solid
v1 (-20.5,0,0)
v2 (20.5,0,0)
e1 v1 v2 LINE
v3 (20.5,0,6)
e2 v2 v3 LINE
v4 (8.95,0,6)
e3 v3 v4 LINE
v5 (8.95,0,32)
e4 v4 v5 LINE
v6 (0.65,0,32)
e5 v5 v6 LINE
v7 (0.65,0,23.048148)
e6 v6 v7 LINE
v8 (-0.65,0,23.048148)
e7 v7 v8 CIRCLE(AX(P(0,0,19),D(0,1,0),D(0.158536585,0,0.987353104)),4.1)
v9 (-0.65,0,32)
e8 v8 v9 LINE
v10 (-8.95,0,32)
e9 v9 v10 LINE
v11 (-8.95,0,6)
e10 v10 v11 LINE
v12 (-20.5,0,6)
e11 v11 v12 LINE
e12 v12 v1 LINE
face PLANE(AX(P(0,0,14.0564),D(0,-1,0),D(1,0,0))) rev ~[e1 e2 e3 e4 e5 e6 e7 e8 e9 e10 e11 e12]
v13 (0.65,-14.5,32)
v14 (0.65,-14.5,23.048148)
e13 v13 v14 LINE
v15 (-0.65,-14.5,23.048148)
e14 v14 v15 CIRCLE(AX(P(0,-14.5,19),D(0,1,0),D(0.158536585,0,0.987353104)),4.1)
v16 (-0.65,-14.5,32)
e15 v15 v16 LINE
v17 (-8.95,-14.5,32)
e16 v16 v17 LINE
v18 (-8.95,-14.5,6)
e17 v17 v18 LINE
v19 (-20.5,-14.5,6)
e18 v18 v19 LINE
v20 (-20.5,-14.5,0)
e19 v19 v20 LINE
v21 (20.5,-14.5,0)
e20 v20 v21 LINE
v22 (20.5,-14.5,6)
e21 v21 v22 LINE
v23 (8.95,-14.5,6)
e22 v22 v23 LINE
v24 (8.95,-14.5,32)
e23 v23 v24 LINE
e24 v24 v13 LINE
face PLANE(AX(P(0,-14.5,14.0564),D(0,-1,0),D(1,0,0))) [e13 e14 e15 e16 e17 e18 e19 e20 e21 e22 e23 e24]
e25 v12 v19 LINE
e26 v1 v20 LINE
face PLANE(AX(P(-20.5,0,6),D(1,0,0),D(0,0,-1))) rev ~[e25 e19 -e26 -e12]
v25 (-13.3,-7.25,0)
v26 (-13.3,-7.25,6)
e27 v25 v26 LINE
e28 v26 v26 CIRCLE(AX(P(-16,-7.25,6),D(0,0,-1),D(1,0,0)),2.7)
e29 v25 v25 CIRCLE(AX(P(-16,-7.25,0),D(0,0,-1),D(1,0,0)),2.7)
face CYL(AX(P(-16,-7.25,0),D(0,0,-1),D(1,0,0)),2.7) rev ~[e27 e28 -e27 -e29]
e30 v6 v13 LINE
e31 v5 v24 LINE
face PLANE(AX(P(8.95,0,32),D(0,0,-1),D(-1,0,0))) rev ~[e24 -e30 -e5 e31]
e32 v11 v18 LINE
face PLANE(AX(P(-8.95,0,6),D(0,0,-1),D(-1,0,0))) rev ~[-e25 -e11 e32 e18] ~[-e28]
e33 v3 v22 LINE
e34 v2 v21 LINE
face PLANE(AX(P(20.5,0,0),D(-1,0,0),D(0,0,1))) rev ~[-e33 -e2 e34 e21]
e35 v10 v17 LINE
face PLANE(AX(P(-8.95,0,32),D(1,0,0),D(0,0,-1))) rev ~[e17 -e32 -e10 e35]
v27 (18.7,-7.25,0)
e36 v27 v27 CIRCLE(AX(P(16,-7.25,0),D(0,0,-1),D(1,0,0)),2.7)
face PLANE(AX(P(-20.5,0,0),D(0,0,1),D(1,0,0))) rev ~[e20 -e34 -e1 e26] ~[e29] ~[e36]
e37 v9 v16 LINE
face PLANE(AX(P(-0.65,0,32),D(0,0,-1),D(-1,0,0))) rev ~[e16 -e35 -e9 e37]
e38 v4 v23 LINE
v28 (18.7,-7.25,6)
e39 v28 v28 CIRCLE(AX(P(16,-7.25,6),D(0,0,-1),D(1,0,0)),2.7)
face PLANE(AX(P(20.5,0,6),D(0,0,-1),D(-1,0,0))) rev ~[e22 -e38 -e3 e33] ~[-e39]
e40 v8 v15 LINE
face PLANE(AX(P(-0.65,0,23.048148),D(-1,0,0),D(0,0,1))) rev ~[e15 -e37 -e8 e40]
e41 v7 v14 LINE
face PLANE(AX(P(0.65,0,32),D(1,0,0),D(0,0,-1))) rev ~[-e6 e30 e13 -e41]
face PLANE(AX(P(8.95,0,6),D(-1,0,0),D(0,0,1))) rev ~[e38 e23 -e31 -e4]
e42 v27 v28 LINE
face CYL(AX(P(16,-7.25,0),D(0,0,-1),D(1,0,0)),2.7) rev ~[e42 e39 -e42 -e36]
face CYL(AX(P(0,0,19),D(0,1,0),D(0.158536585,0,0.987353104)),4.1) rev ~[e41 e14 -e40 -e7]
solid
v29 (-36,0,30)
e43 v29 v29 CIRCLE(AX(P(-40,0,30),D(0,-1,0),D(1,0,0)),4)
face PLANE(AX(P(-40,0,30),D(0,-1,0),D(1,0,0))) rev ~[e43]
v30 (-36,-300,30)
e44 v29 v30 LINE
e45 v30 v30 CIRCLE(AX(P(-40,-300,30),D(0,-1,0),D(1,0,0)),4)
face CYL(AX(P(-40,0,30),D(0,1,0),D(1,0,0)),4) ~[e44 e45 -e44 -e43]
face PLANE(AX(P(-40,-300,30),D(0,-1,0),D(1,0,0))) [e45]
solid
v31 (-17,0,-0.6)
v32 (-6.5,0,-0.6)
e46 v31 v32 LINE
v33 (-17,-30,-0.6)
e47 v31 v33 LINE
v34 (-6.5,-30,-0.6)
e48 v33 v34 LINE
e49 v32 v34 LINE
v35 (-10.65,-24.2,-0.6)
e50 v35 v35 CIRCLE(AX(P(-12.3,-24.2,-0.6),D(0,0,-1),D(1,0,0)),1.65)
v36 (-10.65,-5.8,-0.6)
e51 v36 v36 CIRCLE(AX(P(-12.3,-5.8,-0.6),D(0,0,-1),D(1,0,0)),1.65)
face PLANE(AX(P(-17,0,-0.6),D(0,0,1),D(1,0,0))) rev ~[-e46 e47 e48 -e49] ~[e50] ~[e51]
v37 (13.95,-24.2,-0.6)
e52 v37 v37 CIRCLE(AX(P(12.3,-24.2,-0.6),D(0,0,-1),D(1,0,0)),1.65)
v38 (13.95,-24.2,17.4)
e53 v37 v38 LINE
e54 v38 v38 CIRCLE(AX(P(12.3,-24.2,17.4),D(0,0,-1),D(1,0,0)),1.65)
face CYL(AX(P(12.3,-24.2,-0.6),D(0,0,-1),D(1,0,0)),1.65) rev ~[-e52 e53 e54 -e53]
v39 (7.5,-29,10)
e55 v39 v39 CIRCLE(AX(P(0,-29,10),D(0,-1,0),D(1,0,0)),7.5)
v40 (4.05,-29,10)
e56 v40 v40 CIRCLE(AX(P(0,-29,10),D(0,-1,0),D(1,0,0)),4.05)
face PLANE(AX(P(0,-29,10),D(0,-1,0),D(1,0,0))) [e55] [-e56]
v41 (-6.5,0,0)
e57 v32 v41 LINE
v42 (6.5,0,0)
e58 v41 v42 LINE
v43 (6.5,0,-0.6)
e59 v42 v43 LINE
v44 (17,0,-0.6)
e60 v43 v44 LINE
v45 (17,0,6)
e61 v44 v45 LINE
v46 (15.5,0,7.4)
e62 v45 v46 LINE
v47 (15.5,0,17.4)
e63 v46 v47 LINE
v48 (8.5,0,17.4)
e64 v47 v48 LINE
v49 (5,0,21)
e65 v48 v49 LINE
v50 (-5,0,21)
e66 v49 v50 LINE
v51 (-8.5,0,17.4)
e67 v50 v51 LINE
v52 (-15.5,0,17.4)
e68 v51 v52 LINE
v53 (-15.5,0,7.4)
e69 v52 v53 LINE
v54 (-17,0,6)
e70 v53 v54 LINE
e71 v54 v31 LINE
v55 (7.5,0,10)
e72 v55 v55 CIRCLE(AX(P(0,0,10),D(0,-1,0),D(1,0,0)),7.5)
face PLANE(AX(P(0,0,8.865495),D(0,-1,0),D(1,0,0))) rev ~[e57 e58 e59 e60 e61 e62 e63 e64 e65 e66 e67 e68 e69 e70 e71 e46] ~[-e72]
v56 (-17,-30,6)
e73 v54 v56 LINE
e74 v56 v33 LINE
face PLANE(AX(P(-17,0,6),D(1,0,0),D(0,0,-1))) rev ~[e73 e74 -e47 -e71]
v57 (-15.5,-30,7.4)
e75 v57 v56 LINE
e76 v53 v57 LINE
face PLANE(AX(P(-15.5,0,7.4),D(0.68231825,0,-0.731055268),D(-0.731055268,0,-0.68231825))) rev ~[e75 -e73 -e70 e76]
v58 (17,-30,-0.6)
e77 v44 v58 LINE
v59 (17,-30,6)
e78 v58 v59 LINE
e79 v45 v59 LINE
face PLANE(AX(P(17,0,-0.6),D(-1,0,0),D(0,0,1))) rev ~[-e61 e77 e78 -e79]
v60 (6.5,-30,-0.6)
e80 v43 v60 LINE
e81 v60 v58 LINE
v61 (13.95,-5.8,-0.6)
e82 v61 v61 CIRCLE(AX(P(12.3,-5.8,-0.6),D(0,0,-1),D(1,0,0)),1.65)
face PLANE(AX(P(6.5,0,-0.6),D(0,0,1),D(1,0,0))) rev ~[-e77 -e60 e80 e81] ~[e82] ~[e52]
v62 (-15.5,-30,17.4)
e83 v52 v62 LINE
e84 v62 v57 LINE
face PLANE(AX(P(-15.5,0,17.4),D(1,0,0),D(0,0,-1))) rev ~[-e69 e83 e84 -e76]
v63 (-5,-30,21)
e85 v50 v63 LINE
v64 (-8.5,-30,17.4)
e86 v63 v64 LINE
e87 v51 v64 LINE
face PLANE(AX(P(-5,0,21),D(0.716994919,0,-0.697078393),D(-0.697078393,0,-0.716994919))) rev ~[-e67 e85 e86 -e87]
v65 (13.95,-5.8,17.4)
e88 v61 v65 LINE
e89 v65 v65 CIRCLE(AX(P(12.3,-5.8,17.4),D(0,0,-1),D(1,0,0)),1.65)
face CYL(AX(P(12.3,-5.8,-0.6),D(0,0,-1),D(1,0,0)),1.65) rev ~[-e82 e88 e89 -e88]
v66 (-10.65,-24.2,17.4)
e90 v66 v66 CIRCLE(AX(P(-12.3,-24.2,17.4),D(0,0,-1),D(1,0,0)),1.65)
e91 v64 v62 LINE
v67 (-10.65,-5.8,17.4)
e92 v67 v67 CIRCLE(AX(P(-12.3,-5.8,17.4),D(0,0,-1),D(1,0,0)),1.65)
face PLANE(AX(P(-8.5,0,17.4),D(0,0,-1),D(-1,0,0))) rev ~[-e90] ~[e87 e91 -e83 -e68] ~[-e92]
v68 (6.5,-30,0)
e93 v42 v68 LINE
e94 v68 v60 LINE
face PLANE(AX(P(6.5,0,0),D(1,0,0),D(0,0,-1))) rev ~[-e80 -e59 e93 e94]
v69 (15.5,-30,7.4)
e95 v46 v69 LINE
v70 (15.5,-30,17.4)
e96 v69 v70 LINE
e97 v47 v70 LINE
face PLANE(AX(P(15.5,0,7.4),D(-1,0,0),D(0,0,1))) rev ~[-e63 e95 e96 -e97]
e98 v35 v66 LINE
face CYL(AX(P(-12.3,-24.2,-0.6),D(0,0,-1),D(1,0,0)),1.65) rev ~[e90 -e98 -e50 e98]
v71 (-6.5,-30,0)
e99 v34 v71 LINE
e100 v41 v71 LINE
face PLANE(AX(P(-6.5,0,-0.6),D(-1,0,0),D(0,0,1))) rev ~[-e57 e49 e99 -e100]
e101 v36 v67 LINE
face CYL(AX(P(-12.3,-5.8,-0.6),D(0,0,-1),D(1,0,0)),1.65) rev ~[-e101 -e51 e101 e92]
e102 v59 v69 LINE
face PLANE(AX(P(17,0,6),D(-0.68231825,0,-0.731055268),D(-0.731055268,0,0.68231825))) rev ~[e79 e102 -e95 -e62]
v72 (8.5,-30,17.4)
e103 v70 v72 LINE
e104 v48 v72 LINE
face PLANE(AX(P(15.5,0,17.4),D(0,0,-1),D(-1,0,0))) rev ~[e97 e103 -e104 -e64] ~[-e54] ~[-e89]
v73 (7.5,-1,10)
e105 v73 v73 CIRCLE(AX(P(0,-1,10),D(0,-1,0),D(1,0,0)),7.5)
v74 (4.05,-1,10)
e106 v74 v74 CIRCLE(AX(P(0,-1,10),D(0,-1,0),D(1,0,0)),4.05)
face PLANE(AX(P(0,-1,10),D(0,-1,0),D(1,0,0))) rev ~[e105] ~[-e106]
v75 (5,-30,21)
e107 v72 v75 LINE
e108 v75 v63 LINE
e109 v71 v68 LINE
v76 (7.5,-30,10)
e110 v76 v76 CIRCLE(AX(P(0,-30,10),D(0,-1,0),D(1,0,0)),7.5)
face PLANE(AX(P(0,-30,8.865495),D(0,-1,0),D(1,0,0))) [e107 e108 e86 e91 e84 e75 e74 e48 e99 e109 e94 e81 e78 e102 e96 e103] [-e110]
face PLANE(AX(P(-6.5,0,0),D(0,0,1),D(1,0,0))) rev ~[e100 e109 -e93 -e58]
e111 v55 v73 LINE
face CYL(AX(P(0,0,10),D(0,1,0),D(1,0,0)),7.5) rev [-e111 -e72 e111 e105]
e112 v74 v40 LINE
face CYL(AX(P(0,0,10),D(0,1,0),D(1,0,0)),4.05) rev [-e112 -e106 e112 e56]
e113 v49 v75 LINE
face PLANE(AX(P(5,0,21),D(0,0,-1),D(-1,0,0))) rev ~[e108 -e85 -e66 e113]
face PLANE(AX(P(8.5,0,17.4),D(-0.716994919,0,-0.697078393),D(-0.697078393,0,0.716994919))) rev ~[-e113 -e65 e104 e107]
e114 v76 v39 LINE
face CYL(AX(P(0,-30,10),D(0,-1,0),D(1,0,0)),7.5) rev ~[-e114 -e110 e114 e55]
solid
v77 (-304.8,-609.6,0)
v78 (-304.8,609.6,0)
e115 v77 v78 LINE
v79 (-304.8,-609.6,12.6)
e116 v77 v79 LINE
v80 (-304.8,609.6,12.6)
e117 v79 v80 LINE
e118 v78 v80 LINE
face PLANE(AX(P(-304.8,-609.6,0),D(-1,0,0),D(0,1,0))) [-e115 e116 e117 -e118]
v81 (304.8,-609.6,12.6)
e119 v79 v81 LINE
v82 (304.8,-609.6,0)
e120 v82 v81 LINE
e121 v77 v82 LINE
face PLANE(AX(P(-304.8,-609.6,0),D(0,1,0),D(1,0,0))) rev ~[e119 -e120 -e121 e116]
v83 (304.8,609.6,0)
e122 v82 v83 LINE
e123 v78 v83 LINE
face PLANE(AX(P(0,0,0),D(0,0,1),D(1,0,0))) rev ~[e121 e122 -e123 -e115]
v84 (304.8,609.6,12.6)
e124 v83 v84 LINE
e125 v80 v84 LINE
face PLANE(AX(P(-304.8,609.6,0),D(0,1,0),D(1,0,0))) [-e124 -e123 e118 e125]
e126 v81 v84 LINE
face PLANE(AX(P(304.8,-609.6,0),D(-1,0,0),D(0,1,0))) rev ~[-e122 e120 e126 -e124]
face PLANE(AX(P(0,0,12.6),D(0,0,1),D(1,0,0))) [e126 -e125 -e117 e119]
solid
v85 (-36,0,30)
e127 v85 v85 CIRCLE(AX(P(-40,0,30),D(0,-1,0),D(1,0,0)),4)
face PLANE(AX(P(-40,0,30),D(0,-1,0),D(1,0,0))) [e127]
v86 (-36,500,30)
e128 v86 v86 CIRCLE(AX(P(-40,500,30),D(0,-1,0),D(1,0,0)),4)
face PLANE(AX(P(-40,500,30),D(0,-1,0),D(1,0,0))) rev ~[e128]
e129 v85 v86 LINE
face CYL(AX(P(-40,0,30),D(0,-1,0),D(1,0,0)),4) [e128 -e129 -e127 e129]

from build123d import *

# Parameters (mm, degrees)
F1_DEPTH  = 14.5
F2_R      = 2.7
F3_DEPTH  = 6
F4_R      = 4
F5_DEPTH  = 300
F6_DEPTH  = 500
F7_R      = 7.5
F7_R_2    = 4.05
F8_DEPTH  = 30
F9_R      = 1.65
F10_DEPTH = 18
F11_DEPTH = 1
F12_R     = 7.5
F12_R_2   = 4.05
F13_DEPTH = 1
F14_W     = 609.6
F14_H     = 1219.2
F15_DEPTH = 12.6


with BuildPart() as f1:
    # F0 (on Front) → F1 (new body)
    with BuildSketch(Plane.XZ):
        with BuildLine():
            Line((-20.5, 6), (-20.5, 0))
            Line((-20.5, 0), (0, 0))
            Line((0, 0), (20.5, 0))
            Line((20.5, 0), (20.5, 6))
            Line((20.5, 6), (8.95, 6))
            Line((8.95, 6), (8.95, 32))
            Line((8.95, 32), (0.65, 32))
            Line((0.65, 32), (0.65, 23.0481477246))
            ThreePointArc((0.65, 23.0481477246), (0, 14.9), (-0.65, 23.0481477246))
            Line((-0.65, 23.0481477246), (-0.65, 32))
            Line((-0.65, 32), (-8.95, 32))
            Line((-8.95, 32), (-8.95, 6))
            Line((-8.95, 6), (-20.5, 6))
        make_face()
    extrude(amount=F1_DEPTH)

    # F2 (on face) → F3 (cut, through all)
    with BuildSketch(Plane(origin=(0, 0, 0), x_dir=(1, 0, 0), z_dir=(0, 0, -1))):
        with Locations((-16, 7.25)):
            Circle(F2_R)
        with Locations((16, 7.25)):
            Circle(F2_R)
    extrude(amount=-F3_DEPTH, mode=Mode.SUBTRACT)


with BuildPart() as f5:
    # F4 (on Front) → F5 (new body)
    with BuildSketch(Plane.XZ):
        with Locations((-40, 30)):
            Circle(F4_R)
    extrude(amount=F5_DEPTH)


with BuildPart() as f6:
    # F4 (on Front) → F6 (new body)
    with BuildSketch(Plane.XZ):
        with Locations((-40, 30)):
            Circle(F4_R)
    extrude(amount=-F6_DEPTH)


with BuildPart() as f8:
    # F7 (on Front) → F8 (new body)
    with BuildSketch(Plane.XZ):
        Polygon((-6.5, 0), (0, 0), (6.5, 0), (6.5, -0.6), (17, -0.6), (17, 6), (15.5, 7.4), (15.5, 17.4), (8.5, 17.4), (5, 21), (0, 21), (-5, 21), (-8.5, 17.4), (-15.5, 17.4), (-15.5, 7.4), (-17, 6), (-17, -0.6), (-6.5, -0.6), align=None)
        with Locations((0, 10)):
            Circle(F7_R, mode=Mode.SUBTRACT)
        with Locations((0, 10)):
            Circle(F7_R)
        with Locations((0, 10)):
            Circle(F7_R_2, mode=Mode.SUBTRACT)
    extrude(amount=F8_DEPTH)

    # F9 (on face) → F10 (cut, through all)
    with BuildSketch(Plane(origin=(0, 0, -0.6), x_dir=(1, 0, 0), z_dir=(0, 0, -1))):
        with Locations((-12.3, 24.2)):
            Circle(F9_R)
        with Locations((-12.3, 5.8)):
            Circle(F9_R)
        with Locations((12.3, 5.8)):
            Circle(F9_R)
        with Locations((12.3, 24.2)):
            Circle(F9_R)
    extrude(amount=-F10_DEPTH, mode=Mode.SUBTRACT)

    # F7 (on Front) → F11 (cut)
    with BuildSketch(Plane.XZ):
        with Locations((0, 10)):
            Circle(F7_R)
        with Locations((0, 10)):
            Circle(F7_R_2, mode=Mode.SUBTRACT)
    extrude(amount=F11_DEPTH, mode=Mode.SUBTRACT)

    # F12 (on face) → F13 (cut)
    with BuildSketch(Plane.XZ.offset(30)):
        with Locations((0, 10)):
            Circle(F12_R)
        with Locations((0, 10)):
            Circle(F12_R_2, mode=Mode.SUBTRACT)
    extrude(amount=-F13_DEPTH, mode=Mode.SUBTRACT)


with BuildPart() as f15:
    # F14 (on Top) → F15 (new body)
    with BuildSketch(Plane.XY):
        Rectangle(F14_W, F14_H)
    extrude(amount=F15_DEPTH)


solid = Compound([f1.part, f5.part, f6.part, f8.part, f15.part])
